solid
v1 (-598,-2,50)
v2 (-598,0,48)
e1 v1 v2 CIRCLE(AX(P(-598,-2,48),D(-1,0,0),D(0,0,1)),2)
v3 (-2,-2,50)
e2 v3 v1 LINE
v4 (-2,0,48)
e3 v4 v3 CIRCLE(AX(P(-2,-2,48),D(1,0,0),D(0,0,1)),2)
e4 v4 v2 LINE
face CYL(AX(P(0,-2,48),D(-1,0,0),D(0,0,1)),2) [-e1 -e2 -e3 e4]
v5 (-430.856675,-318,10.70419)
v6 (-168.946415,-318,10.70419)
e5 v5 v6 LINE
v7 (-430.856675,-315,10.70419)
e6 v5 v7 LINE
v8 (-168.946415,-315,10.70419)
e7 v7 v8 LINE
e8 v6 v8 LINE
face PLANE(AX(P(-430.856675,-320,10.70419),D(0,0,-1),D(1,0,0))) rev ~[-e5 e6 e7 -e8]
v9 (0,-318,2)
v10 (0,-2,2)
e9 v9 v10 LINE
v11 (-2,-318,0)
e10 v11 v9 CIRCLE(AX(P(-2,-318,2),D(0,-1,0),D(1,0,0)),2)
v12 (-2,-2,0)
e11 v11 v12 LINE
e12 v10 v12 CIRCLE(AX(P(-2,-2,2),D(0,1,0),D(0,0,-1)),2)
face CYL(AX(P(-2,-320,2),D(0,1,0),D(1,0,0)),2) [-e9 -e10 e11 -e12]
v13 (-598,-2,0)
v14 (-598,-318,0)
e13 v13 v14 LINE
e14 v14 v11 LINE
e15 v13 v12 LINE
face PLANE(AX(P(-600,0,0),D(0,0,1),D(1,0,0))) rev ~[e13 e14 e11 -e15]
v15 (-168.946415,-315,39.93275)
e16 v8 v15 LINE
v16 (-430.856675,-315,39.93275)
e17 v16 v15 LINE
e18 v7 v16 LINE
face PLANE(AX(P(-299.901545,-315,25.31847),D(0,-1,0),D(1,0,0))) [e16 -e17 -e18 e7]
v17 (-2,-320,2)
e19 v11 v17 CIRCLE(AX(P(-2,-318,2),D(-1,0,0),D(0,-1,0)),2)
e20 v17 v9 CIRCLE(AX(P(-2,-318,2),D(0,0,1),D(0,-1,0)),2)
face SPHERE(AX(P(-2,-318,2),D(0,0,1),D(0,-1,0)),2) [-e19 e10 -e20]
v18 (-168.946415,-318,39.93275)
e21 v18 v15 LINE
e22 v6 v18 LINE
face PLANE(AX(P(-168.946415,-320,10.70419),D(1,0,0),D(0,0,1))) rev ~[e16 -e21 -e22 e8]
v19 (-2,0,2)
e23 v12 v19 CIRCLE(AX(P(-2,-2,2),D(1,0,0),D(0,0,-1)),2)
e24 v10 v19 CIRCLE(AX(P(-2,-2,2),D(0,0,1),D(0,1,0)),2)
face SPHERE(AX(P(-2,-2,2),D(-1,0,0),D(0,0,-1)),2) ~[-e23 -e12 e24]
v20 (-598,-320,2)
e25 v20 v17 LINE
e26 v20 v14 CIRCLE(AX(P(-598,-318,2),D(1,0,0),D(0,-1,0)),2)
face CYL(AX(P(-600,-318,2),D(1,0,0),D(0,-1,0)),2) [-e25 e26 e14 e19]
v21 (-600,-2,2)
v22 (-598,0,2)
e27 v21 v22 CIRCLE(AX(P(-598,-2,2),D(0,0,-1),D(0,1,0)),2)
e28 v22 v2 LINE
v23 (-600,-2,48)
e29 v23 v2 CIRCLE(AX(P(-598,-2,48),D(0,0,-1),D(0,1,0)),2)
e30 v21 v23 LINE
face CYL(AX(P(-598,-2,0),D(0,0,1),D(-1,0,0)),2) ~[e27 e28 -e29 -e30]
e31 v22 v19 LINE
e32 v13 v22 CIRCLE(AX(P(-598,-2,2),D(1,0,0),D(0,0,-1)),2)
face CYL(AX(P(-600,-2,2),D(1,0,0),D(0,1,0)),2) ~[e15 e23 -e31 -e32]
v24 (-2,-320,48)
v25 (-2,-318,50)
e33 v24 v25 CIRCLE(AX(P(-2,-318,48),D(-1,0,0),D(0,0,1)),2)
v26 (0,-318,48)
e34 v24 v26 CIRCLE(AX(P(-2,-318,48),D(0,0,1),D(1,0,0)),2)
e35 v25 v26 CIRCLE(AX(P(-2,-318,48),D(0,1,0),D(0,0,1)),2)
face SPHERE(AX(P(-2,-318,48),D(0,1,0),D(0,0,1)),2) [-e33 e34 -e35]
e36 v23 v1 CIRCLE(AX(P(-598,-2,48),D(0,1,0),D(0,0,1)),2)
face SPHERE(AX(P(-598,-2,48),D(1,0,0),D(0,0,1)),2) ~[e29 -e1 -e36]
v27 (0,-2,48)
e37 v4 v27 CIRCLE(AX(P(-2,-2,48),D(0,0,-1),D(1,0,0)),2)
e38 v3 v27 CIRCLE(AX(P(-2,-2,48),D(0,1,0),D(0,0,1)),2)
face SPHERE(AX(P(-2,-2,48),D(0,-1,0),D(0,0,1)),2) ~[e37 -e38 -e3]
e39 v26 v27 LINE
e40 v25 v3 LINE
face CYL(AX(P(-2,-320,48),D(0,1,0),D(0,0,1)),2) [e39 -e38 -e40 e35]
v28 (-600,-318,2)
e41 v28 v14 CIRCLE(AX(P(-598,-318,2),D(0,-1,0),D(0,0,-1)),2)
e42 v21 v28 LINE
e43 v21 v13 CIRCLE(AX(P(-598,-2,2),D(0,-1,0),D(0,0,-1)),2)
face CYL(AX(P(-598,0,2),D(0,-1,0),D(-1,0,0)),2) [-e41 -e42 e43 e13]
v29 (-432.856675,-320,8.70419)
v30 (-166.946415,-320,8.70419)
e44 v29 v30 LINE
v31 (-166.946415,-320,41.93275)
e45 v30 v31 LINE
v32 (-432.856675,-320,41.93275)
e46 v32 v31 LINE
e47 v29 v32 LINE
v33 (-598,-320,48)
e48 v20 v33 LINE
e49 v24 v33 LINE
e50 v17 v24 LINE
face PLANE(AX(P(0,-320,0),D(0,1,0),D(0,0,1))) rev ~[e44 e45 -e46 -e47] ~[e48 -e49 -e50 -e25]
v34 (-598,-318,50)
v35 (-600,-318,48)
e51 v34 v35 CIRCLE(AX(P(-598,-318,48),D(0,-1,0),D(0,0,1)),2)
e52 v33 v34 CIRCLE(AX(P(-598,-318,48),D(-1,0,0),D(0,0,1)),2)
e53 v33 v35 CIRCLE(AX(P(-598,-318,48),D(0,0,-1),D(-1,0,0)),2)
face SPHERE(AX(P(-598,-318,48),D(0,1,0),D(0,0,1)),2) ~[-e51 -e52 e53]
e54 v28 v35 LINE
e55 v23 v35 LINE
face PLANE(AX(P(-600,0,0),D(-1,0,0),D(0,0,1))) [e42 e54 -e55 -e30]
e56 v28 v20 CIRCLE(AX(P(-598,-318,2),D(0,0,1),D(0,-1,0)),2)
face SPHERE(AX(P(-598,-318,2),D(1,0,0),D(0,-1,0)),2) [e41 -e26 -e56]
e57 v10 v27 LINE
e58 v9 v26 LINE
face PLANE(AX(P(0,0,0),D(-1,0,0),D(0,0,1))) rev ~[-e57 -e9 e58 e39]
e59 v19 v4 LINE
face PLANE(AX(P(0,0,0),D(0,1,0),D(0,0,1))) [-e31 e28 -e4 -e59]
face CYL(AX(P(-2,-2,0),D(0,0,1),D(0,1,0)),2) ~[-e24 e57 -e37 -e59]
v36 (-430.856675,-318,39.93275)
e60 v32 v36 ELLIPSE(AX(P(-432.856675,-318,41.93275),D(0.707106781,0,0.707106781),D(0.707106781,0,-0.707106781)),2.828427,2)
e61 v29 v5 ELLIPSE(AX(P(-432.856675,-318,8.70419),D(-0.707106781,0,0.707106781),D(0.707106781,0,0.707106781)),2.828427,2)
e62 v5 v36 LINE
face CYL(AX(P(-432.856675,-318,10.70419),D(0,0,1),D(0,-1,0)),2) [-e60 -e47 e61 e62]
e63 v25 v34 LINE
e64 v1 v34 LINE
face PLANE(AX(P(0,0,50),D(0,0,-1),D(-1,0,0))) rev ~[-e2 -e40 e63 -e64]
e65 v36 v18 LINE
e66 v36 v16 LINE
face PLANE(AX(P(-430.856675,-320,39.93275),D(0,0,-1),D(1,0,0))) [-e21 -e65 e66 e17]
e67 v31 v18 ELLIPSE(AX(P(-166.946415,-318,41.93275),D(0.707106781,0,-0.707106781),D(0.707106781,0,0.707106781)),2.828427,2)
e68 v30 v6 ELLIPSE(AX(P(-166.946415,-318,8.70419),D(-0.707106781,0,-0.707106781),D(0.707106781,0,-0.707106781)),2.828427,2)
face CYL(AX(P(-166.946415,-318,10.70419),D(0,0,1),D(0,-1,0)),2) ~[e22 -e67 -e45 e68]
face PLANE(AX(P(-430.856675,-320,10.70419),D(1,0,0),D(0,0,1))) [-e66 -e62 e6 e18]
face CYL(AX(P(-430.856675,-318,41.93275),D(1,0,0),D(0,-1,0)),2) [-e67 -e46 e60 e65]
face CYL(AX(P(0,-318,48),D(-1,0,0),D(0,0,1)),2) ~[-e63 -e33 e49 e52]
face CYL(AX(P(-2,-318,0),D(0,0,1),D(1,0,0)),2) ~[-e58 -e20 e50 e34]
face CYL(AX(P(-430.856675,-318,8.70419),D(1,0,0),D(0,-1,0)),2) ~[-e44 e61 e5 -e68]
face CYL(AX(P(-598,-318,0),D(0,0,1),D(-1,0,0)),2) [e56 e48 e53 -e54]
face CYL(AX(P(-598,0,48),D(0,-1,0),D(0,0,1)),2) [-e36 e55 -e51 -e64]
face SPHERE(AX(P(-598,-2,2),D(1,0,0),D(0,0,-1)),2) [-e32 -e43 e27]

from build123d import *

# Parameters (mm, degrees)
F0_W     = 54.5732825994
F0_H     = 50.0136017799
F1_DEPTH = 50
F2_DEPTH = 600
F3_DEPTH = 320
F4_W     = 261.9102597237
F4_H     = 29.2285606265
F5_DEPTH = 5
F6_R     = 2


with BuildPart() as f1:
    # F0 (on Top) → F1 (new body)
    with BuildSketch(Plane.XY):
        with Locations((-27.2866412997, -25.00680089)):
            Rectangle(F0_W, F0_H)
    extrude(amount=F1_DEPTH)

    # F2 (add): a face of the model
    f2_faces = [f1.faces().sort_by_distance(p)[0] for p in [
        (0, -25.00680089, 25),
    ]]
    extrude(f2_faces, amount=-F2_DEPTH)

    # F3 (add): a face of the model
    f3_faces = [f1.faces().sort_by_distance(p)[0] for p in [
        (-300, 0, 25),
    ]]
    extrude(f3_faces, amount=-F3_DEPTH)

    # F4 (on face) → F5 (cut)
    with BuildSketch(Plane.XZ.offset(320)):
        with Locations((-299.9015450478, 25.3184698522)):
            Rectangle(F4_W, F4_H)
    extrude(amount=-F5_DEPTH, mode=Mode.SUBTRACT)

    # F6
    f6_edges = [f1.edges().sort_by_distance(p)[0] for p in [
        (0, -160, 50),
        (-300, 0, 50),
        (-600, -160, 50),
        (-300, -320, 50),
        (0, -320, 25),
        (-300, -320, 0),
        (-600, -320, 25),
        (-299.901545, -320, 39.93275),
        (-430.856675, -320, 25.31847),
        (-299.901545, -320, 10.70419),
        (-168.946415, -320, 25.31847),
        (-300, 0, 0),
        (-600, -160, 0),
        (0, -160, 0),
        (-600, 0, 25),
        (0, 0, 25),
    ]]
    fillet(f6_edges, radius=F6_R)


solid = f1.part
